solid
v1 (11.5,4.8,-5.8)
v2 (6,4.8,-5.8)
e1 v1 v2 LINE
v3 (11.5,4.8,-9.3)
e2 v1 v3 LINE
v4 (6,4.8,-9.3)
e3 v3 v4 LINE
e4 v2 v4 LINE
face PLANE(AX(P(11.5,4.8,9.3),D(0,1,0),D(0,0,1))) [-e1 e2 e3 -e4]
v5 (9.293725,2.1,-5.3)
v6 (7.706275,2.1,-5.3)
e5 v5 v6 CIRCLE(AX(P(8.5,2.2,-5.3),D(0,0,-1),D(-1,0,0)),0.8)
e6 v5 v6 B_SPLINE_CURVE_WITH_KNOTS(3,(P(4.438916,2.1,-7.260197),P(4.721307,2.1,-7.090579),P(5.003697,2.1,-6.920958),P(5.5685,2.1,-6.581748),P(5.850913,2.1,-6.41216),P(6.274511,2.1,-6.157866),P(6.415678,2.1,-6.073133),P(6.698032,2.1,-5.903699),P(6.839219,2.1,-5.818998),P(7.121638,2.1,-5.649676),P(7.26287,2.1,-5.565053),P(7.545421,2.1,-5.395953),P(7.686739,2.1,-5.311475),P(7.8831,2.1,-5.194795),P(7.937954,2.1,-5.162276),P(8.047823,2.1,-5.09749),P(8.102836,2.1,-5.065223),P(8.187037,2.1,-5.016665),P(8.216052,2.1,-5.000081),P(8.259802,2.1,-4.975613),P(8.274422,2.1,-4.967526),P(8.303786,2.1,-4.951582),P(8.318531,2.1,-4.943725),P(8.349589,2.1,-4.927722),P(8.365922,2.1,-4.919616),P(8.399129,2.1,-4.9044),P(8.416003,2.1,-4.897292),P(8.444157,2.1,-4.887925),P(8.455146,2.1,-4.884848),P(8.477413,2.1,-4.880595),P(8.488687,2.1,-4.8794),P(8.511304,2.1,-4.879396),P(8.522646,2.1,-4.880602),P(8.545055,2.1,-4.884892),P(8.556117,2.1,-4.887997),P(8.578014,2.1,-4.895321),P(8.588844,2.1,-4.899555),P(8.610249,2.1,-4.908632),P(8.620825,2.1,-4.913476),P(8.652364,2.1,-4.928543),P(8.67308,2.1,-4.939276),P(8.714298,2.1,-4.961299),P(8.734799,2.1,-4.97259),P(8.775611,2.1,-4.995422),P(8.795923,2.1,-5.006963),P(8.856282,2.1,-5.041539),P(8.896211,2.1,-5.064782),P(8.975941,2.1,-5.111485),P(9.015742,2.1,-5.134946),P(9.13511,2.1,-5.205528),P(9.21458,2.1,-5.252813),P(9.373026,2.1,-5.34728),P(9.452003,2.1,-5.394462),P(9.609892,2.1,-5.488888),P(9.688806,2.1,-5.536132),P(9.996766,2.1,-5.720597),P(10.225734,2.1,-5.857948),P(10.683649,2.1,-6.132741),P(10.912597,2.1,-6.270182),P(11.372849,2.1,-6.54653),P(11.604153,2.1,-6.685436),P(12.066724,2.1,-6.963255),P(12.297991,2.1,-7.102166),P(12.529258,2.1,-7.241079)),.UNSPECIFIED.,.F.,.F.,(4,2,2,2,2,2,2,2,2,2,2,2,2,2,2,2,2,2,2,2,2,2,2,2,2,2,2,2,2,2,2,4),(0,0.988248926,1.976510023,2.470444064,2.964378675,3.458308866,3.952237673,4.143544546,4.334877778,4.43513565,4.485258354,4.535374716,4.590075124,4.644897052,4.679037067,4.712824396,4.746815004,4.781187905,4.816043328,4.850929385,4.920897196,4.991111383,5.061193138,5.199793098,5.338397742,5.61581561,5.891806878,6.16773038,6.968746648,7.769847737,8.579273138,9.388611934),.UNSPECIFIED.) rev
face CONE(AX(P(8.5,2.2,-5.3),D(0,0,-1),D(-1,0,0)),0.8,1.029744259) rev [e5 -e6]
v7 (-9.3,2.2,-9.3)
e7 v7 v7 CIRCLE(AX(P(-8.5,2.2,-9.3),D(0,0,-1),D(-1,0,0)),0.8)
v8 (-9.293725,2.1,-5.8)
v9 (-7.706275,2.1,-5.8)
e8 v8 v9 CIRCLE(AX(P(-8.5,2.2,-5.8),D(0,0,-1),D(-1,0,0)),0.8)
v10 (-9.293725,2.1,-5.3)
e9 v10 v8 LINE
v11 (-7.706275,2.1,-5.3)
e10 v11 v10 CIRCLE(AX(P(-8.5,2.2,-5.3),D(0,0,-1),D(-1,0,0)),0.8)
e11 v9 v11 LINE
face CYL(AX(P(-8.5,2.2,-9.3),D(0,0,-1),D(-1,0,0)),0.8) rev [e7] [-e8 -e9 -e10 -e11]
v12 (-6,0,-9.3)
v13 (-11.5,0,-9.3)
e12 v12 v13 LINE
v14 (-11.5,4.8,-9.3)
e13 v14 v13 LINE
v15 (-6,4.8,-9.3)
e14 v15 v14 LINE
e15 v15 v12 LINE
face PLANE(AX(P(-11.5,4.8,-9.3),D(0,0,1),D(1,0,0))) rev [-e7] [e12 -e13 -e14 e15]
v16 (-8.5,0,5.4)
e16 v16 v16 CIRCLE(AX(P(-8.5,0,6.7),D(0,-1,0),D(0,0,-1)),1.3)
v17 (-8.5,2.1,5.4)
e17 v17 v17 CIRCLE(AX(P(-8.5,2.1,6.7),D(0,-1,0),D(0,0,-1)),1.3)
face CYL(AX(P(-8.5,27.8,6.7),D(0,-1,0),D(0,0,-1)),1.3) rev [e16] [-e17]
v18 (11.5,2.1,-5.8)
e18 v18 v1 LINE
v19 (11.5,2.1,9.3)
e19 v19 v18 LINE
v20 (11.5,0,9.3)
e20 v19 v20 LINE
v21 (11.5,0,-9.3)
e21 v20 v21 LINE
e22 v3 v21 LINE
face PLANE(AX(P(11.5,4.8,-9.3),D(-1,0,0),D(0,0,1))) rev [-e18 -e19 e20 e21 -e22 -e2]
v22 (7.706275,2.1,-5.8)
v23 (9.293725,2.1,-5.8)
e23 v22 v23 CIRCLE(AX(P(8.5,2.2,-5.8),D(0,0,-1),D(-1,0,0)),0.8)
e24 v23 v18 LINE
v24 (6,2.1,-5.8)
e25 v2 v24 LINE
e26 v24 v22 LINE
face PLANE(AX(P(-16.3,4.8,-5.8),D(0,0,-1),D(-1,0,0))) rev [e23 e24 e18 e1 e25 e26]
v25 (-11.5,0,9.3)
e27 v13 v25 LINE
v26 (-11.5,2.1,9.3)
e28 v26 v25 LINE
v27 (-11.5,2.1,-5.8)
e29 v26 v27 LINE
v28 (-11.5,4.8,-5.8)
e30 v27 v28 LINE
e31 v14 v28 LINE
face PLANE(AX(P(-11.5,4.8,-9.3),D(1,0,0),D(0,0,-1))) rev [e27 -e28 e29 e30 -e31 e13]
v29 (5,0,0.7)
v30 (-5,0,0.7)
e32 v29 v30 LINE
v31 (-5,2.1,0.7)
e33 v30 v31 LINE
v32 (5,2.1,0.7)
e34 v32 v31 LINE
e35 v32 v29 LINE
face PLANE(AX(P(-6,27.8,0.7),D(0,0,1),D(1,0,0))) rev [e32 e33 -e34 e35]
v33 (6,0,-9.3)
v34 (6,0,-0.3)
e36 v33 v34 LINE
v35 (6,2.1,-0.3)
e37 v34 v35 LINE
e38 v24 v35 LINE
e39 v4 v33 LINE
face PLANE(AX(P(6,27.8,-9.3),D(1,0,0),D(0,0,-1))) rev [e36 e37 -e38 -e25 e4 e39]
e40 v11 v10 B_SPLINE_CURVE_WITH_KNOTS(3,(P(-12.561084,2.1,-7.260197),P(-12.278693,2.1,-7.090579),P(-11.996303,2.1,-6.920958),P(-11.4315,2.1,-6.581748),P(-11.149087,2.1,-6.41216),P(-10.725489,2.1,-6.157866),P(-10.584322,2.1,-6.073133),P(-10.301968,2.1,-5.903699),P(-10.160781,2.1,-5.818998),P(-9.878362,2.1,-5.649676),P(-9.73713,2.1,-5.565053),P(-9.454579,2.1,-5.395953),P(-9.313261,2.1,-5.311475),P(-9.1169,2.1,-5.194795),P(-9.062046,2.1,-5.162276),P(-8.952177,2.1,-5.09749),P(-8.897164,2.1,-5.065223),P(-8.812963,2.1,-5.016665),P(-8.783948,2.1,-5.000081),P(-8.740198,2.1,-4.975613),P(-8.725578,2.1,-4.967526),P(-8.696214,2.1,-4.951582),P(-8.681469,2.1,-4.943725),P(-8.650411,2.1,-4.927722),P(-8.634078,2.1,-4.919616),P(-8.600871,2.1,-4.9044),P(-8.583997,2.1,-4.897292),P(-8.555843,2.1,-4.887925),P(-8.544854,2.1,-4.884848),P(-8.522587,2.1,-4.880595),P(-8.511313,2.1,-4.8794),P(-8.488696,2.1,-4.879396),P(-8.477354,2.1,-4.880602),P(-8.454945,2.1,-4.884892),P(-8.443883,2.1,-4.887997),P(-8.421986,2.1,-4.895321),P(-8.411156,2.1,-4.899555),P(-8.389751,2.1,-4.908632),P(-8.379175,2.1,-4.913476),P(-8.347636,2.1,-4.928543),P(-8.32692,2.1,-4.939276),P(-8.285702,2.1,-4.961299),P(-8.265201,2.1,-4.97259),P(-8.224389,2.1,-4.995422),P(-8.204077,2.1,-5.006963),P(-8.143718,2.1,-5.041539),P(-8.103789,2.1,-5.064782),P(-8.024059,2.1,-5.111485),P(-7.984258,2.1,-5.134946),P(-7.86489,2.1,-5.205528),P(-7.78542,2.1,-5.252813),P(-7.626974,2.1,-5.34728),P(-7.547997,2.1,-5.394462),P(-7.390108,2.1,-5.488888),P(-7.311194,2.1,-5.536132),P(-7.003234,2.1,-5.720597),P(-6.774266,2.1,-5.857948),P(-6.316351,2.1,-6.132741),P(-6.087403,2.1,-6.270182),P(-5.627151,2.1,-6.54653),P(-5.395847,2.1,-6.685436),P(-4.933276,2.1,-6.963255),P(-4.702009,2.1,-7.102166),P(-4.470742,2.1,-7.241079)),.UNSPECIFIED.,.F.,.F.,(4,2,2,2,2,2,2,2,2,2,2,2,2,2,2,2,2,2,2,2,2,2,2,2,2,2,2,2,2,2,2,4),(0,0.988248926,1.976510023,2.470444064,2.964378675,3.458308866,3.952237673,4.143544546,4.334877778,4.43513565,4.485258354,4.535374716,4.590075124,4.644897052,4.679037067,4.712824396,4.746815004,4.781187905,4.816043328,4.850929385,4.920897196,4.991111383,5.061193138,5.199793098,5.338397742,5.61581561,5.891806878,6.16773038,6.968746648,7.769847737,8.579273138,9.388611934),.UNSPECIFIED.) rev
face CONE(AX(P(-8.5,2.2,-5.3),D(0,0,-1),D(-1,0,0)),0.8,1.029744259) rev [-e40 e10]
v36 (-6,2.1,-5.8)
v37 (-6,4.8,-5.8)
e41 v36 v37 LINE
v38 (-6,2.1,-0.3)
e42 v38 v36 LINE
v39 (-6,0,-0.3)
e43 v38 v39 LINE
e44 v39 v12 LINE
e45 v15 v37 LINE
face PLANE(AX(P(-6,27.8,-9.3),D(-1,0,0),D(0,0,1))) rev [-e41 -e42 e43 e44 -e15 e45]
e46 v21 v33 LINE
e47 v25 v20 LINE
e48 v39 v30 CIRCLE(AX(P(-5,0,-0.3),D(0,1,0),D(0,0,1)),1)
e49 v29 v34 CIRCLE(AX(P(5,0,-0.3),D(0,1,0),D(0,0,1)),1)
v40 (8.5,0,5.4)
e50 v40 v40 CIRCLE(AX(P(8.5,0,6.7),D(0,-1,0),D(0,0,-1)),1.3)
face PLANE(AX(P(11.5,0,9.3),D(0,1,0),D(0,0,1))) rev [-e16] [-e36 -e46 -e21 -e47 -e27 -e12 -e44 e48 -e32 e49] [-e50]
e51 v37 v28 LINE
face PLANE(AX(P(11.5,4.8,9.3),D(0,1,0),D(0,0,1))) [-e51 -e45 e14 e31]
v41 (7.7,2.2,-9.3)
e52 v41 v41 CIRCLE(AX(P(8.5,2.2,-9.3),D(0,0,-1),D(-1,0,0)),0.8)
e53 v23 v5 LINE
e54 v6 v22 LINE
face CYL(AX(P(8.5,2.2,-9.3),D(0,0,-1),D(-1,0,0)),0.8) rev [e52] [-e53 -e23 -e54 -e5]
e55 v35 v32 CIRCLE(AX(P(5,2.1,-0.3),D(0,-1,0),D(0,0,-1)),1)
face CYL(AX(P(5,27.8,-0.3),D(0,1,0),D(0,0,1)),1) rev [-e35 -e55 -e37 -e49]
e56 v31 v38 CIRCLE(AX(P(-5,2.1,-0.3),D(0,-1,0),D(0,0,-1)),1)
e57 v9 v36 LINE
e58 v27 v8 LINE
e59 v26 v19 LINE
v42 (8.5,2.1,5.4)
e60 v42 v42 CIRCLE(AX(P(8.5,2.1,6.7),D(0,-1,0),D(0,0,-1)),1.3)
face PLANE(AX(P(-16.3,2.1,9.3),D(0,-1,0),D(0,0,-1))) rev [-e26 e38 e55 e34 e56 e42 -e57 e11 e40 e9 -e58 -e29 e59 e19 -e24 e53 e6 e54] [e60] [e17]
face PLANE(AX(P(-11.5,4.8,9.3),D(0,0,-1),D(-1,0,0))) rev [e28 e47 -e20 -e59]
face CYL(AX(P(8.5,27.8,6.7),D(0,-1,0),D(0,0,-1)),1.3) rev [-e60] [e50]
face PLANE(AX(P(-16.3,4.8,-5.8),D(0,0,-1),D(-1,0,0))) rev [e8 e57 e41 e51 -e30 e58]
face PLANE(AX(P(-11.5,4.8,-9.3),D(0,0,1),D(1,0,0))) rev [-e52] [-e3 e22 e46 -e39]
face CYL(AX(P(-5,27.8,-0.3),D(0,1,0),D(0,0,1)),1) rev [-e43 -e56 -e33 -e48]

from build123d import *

# Parameters (mm, degrees)
SKETCH1_W                 = 23
SKETCH1_H                 = 18.6
BOSS_EXTRUDE1_DEPTH       = 4.8
SKETCH2_W                 = 15.1
SKETCH2_H                 = 2.7
CUT_EXTRUDE1_DEPTH        = 27.8
SKETCH3_W                 = 12
SKETCH3_H                 = 10
CUT_EXTRUDE2_DEPTH        = 27.8
M2X0_4_TAPPED_HOLE1_D     = 1.6
M2X0_4_TAPPED_HOLE1_DEPTH = 4
M2X0_4_TAPPED_HOLE1_TIP   = 0.480688495
SKETCH7_R                 = 1.3
CUT_EXTRUDE3_DEPTH        = 27.8
FILLET1_R                 = 1


with BuildPart() as part:
    # Sketch1 → Boss-Extrude1 (new body)
    with BuildSketch(Plane(origin=(0, 0, 0), x_dir=(1, 0, 0), z_dir=(0, 1, 0))):
        Rectangle(SKETCH1_W, SKETCH1_H)
    extrude(amount=BOSS_EXTRUDE1_DEPTH)

    # Sketch2 → Cut-Extrude1 (cut)
    with BuildSketch(Plane(origin=(11.5, 0, 0), x_dir=(0, 0, -1), z_dir=(1, 0, 0))):
        with Locations((-1.75, 3.45)):
            Rectangle(SKETCH2_W, SKETCH2_H)
    extrude(amount=-CUT_EXTRUDE1_DEPTH, mode=Mode.SUBTRACT)

    # Sketch3 → Cut-Extrude2 (cut)
    with BuildSketch(Plane.XZ):
        with Locations((0, -4.3)):
            Rectangle(SKETCH3_W, SKETCH3_H)
    extrude(amount=-CUT_EXTRUDE2_DEPTH, mode=Mode.SUBTRACT)

    # M2x0.4 Tapped Hole1
    with Locations(Plane(origin=(0, 0, -9.3), x_dir=(-1, 0, 0), z_dir=(0, 0, -1))):
        with Locations((-8.5, 2.2), (8.5, 2.2)):
            Hole(M2X0_4_TAPPED_HOLE1_D / 2, depth=M2X0_4_TAPPED_HOLE1_DEPTH)
            with Locations((0, 0, -(M2X0_4_TAPPED_HOLE1_DEPTH + M2X0_4_TAPPED_HOLE1_TIP / 2))):  # 118° drill point
                Cone(0, M2X0_4_TAPPED_HOLE1_D / 2, M2X0_4_TAPPED_HOLE1_TIP, mode=Mode.SUBTRACT)

    # Sketch7 → Cut-Extrude3 (cut)
    with BuildSketch(Plane.XZ):
        with Locations((-8.5, 6.7)):
            Circle(SKETCH7_R)
        with Locations((8.5, 6.7)):
            Circle(SKETCH7_R)
    extrude(amount=-CUT_EXTRUDE3_DEPTH, mode=Mode.SUBTRACT)

    # Fillet1
    fillet1_edges = [part.edges().sort_by_distance(p)[0] for p in [
        (-6, 1.05, 0.7),
        (6, 1.05, 0.7),
    ]]
    fillet(fillet1_edges, radius=FILLET1_R)


solid = part.part
